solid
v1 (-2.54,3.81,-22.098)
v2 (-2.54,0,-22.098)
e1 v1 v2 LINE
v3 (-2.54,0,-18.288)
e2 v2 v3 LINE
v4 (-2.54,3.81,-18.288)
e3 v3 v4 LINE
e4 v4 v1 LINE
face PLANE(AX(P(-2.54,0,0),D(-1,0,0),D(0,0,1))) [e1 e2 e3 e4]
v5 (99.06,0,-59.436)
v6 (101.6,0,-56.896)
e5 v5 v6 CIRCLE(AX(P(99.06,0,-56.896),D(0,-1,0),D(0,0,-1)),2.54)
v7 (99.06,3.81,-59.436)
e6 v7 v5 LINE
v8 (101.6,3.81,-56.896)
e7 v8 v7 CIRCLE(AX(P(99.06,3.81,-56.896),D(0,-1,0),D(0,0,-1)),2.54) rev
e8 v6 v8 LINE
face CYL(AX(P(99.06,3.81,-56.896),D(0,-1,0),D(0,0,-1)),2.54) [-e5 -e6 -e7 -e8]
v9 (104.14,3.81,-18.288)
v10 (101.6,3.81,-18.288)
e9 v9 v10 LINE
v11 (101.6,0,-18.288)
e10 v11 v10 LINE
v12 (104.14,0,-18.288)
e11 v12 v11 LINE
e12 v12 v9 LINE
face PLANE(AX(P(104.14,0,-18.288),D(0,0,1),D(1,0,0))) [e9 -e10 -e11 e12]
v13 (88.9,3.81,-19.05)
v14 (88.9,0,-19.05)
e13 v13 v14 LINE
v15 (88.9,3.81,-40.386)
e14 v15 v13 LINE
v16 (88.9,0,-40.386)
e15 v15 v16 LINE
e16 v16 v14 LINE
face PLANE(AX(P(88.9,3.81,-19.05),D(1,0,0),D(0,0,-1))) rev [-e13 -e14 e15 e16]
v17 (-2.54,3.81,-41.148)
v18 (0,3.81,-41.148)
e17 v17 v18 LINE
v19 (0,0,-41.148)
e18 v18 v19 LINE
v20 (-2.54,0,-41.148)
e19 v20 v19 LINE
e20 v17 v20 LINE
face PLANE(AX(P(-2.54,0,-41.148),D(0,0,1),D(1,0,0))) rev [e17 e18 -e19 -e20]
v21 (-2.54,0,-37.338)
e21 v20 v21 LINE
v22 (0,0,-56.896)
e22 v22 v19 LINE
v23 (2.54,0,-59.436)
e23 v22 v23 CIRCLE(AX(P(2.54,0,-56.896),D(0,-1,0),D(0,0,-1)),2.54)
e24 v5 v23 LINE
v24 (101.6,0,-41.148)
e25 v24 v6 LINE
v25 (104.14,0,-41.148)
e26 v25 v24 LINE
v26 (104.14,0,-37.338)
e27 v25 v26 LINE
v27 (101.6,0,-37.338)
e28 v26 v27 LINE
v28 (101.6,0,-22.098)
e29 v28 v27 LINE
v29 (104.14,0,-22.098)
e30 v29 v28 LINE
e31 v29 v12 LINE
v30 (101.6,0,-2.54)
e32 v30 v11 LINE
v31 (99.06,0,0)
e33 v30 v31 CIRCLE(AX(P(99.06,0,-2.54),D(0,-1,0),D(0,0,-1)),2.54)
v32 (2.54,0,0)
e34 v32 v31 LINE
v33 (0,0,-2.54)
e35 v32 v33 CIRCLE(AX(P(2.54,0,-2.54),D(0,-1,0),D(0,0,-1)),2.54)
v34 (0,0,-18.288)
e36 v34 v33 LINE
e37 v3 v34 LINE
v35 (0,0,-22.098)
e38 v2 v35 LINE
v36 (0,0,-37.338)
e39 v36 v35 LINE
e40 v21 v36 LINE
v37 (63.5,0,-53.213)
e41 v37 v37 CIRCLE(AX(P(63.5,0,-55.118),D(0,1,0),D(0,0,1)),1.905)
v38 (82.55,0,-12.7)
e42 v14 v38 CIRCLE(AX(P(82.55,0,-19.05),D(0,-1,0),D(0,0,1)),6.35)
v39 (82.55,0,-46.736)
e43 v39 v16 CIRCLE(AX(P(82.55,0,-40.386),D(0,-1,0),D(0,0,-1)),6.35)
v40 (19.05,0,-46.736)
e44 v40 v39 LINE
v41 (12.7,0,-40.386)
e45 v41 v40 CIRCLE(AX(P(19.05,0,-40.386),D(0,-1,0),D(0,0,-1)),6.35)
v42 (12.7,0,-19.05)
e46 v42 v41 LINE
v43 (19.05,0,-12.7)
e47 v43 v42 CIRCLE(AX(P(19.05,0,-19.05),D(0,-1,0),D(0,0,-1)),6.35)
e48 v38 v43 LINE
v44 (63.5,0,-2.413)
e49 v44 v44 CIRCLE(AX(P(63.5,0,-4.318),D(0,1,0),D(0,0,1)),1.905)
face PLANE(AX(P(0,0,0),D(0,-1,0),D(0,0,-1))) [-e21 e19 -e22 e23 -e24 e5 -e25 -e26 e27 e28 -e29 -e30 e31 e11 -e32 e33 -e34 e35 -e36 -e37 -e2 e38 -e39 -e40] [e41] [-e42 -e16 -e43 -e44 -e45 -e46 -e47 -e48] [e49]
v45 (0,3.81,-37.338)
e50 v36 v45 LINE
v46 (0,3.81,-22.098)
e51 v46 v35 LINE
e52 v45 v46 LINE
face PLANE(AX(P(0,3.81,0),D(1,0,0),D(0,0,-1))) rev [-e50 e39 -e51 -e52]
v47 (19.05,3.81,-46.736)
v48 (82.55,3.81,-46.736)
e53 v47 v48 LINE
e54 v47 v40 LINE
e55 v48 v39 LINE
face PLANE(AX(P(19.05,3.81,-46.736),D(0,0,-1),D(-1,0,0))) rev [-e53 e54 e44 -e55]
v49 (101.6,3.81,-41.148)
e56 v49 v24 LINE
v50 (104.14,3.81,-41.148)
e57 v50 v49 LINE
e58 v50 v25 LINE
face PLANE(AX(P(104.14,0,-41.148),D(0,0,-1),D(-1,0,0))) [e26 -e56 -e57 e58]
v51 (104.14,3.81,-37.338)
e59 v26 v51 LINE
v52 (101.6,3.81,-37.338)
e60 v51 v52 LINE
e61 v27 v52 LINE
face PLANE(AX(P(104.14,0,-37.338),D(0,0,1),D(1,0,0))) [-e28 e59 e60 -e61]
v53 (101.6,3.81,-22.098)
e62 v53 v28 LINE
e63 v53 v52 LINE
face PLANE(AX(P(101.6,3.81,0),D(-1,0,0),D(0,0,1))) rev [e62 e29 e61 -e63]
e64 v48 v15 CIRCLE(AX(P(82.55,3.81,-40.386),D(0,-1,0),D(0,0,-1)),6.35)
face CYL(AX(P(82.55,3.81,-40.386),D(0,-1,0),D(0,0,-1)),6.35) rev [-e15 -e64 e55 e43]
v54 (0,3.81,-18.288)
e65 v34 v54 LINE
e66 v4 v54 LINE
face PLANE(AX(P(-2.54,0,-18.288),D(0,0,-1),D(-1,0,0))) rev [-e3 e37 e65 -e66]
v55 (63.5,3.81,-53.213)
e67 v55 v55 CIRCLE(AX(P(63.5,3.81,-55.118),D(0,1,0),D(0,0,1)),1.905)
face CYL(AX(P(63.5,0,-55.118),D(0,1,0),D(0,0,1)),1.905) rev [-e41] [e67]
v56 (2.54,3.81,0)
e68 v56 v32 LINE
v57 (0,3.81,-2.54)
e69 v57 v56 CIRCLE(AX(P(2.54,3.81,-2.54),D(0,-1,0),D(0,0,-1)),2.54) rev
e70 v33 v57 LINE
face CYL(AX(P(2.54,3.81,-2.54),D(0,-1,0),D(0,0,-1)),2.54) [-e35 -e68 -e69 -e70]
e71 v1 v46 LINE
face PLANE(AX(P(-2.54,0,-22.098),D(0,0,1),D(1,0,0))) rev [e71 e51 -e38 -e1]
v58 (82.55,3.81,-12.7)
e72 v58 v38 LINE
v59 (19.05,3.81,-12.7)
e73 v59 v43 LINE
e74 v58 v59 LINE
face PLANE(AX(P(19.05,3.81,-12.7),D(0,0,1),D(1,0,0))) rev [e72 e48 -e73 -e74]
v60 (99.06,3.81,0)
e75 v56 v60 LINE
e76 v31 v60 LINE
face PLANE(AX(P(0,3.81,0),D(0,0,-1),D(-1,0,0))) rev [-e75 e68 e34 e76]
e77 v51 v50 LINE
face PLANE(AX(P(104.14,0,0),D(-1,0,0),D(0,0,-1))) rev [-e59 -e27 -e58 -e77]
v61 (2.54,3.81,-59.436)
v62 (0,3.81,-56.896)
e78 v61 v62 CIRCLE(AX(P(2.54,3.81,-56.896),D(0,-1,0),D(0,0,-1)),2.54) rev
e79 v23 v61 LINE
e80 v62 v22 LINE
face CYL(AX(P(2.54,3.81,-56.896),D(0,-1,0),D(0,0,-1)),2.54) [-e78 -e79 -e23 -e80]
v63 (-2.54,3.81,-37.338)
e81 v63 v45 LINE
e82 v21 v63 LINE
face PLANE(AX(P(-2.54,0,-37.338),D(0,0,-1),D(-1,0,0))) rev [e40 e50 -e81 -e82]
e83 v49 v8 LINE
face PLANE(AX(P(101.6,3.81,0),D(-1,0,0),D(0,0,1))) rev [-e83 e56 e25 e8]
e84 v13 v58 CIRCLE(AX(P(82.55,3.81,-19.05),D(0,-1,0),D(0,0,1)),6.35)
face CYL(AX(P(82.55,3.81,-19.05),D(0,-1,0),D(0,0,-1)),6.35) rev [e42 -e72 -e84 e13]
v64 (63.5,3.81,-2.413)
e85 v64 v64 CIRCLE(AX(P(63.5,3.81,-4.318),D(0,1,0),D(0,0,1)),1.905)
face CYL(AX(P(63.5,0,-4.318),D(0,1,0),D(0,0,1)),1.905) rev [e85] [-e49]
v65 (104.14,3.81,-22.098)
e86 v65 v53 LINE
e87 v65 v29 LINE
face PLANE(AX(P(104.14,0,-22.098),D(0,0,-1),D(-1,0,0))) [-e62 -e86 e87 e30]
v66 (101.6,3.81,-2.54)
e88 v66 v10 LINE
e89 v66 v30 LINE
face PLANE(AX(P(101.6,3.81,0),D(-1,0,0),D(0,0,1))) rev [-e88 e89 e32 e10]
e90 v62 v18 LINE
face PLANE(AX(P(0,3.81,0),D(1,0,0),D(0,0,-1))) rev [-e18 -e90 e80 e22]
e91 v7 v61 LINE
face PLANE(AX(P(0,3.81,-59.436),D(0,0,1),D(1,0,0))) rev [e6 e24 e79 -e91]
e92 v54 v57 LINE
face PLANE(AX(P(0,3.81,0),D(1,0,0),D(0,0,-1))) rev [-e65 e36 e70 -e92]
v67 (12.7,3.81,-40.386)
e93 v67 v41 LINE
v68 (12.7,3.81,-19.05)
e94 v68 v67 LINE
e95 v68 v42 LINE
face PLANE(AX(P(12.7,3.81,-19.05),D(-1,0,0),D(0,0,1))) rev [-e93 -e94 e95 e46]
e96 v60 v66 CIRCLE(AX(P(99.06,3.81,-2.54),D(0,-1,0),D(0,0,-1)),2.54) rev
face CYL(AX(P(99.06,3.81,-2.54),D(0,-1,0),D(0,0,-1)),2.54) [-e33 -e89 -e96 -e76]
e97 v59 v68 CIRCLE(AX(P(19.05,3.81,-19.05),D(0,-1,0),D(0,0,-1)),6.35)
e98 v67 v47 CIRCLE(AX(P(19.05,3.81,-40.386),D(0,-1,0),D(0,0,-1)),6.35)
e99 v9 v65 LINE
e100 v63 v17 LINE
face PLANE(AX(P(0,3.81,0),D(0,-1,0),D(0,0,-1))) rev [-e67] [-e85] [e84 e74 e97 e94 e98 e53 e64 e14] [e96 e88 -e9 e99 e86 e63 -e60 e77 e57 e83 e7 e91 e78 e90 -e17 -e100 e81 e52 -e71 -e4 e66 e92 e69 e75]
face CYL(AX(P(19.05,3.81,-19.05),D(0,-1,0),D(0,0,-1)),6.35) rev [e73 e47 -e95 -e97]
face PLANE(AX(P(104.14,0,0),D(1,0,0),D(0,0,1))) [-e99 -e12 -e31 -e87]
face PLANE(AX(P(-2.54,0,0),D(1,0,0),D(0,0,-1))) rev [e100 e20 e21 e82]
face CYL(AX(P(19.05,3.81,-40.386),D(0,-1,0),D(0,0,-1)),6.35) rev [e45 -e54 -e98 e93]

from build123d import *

# Parameters (mm, degrees)
SKETCH1_W                       = 101.6
SKETCH1_H                       = 59.436
BASE_EXTRUDE_DEPTH              = 3.81
BASE_CORNER_FILLET_R            = 2.54
SKETCH3_W                       = 3.81
SKETCH3_H                       = 3.81
PEG_EXTRUDE_DEPTH               = 2.54
MATERIAL_REMOVAL_CUT_DEPTH      = 120.96788652
SKETCH5_R                       = 1.905
REMOTE_CONTROL_HOLDER_CUT_DEPTH = 120.96788652


with BuildPart() as part:
    # Sketch1 → Base Extrude (new body)
    with BuildSketch(Plane(origin=(0, 0, 0), x_dir=(1, 0, 0), z_dir=(0, 1, 0))):
        with Locations((50.8, 29.718)):
            Rectangle(SKETCH1_W, SKETCH1_H)
    extrude(amount=BASE_EXTRUDE_DEPTH)

    # Base Corner Fillet
    base_corner_fillet_edges = [part.edges().sort_by_distance(p)[0] for p in [
        (0, 1.905, -59.436),
        (101.6, 1.905, -59.436),
        (101.6, 1.905, 0),
        (0, 1.905, 0),
    ]]
    fillet(base_corner_fillet_edges, radius=BASE_CORNER_FILLET_R)

    # Sketch3 → Peg Extrude (add)
    with BuildSketch(Plane.ZY):
        with Locations((-20.193, 1.905)):
            Rectangle(SKETCH3_W, SKETCH3_H)
        with Locations((-39.243, 1.905)):
            Rectangle(SKETCH3_W, SKETCH3_H)
    peg_extrude = extrude(amount=PEG_EXTRUDE_DEPTH)

    # Peg Mirror: Peg Extrude across plane
    add(peg_extrude.mirror(Plane(origin=(50.8, 0, 0), x_dir=(0, 0, 1), z_dir=(1, 0, 0))))

    # Sketch4 → Material Removal Cut (cut, through all)
    with BuildSketch(Plane.XZ):
        with BuildLine():
            Line((19.05, -12.7), (82.55, -12.7))
            ThreePointArc((82.55, -12.7), (87.040128061, -14.559871939), (88.9, -19.05))
            Line((88.9, -19.05), (88.9, -40.386))
            ThreePointArc((88.9, -40.386), (87.040128061, -44.876128061), (82.55, -46.736))
            Line((82.55, -46.736), (19.05, -46.736))
            ThreePointArc((19.05, -46.736), (14.559871939, -44.876128061), (12.7, -40.386))
            Line((12.7, -40.386), (12.7, -19.05))
            ThreePointArc((12.7, -19.05), (14.559871939, -14.559871939), (19.05, -12.7))
        make_face()
    extrude(amount=-MATERIAL_REMOVAL_CUT_DEPTH, mode=Mode.SUBTRACT)

    # Sketch5 → Remote Control Holder Cut (cut, through all)
    with BuildSketch(Plane(origin=(0, 3.81, 0), x_dir=(1, 0, 0), z_dir=(0, 1, 0))):
        with Locations(Location((63.5, 4.318, 0), (0, 0, 270))):
            Circle(SKETCH5_R)
        with Locations(Location((63.5, 55.118, 0), (0, 0, 270))):
            Circle(SKETCH5_R)
    extrude(amount=-REMOTE_CONTROL_HOLDER_CUT_DEPTH, mode=Mode.SUBTRACT)


solid = part.part
